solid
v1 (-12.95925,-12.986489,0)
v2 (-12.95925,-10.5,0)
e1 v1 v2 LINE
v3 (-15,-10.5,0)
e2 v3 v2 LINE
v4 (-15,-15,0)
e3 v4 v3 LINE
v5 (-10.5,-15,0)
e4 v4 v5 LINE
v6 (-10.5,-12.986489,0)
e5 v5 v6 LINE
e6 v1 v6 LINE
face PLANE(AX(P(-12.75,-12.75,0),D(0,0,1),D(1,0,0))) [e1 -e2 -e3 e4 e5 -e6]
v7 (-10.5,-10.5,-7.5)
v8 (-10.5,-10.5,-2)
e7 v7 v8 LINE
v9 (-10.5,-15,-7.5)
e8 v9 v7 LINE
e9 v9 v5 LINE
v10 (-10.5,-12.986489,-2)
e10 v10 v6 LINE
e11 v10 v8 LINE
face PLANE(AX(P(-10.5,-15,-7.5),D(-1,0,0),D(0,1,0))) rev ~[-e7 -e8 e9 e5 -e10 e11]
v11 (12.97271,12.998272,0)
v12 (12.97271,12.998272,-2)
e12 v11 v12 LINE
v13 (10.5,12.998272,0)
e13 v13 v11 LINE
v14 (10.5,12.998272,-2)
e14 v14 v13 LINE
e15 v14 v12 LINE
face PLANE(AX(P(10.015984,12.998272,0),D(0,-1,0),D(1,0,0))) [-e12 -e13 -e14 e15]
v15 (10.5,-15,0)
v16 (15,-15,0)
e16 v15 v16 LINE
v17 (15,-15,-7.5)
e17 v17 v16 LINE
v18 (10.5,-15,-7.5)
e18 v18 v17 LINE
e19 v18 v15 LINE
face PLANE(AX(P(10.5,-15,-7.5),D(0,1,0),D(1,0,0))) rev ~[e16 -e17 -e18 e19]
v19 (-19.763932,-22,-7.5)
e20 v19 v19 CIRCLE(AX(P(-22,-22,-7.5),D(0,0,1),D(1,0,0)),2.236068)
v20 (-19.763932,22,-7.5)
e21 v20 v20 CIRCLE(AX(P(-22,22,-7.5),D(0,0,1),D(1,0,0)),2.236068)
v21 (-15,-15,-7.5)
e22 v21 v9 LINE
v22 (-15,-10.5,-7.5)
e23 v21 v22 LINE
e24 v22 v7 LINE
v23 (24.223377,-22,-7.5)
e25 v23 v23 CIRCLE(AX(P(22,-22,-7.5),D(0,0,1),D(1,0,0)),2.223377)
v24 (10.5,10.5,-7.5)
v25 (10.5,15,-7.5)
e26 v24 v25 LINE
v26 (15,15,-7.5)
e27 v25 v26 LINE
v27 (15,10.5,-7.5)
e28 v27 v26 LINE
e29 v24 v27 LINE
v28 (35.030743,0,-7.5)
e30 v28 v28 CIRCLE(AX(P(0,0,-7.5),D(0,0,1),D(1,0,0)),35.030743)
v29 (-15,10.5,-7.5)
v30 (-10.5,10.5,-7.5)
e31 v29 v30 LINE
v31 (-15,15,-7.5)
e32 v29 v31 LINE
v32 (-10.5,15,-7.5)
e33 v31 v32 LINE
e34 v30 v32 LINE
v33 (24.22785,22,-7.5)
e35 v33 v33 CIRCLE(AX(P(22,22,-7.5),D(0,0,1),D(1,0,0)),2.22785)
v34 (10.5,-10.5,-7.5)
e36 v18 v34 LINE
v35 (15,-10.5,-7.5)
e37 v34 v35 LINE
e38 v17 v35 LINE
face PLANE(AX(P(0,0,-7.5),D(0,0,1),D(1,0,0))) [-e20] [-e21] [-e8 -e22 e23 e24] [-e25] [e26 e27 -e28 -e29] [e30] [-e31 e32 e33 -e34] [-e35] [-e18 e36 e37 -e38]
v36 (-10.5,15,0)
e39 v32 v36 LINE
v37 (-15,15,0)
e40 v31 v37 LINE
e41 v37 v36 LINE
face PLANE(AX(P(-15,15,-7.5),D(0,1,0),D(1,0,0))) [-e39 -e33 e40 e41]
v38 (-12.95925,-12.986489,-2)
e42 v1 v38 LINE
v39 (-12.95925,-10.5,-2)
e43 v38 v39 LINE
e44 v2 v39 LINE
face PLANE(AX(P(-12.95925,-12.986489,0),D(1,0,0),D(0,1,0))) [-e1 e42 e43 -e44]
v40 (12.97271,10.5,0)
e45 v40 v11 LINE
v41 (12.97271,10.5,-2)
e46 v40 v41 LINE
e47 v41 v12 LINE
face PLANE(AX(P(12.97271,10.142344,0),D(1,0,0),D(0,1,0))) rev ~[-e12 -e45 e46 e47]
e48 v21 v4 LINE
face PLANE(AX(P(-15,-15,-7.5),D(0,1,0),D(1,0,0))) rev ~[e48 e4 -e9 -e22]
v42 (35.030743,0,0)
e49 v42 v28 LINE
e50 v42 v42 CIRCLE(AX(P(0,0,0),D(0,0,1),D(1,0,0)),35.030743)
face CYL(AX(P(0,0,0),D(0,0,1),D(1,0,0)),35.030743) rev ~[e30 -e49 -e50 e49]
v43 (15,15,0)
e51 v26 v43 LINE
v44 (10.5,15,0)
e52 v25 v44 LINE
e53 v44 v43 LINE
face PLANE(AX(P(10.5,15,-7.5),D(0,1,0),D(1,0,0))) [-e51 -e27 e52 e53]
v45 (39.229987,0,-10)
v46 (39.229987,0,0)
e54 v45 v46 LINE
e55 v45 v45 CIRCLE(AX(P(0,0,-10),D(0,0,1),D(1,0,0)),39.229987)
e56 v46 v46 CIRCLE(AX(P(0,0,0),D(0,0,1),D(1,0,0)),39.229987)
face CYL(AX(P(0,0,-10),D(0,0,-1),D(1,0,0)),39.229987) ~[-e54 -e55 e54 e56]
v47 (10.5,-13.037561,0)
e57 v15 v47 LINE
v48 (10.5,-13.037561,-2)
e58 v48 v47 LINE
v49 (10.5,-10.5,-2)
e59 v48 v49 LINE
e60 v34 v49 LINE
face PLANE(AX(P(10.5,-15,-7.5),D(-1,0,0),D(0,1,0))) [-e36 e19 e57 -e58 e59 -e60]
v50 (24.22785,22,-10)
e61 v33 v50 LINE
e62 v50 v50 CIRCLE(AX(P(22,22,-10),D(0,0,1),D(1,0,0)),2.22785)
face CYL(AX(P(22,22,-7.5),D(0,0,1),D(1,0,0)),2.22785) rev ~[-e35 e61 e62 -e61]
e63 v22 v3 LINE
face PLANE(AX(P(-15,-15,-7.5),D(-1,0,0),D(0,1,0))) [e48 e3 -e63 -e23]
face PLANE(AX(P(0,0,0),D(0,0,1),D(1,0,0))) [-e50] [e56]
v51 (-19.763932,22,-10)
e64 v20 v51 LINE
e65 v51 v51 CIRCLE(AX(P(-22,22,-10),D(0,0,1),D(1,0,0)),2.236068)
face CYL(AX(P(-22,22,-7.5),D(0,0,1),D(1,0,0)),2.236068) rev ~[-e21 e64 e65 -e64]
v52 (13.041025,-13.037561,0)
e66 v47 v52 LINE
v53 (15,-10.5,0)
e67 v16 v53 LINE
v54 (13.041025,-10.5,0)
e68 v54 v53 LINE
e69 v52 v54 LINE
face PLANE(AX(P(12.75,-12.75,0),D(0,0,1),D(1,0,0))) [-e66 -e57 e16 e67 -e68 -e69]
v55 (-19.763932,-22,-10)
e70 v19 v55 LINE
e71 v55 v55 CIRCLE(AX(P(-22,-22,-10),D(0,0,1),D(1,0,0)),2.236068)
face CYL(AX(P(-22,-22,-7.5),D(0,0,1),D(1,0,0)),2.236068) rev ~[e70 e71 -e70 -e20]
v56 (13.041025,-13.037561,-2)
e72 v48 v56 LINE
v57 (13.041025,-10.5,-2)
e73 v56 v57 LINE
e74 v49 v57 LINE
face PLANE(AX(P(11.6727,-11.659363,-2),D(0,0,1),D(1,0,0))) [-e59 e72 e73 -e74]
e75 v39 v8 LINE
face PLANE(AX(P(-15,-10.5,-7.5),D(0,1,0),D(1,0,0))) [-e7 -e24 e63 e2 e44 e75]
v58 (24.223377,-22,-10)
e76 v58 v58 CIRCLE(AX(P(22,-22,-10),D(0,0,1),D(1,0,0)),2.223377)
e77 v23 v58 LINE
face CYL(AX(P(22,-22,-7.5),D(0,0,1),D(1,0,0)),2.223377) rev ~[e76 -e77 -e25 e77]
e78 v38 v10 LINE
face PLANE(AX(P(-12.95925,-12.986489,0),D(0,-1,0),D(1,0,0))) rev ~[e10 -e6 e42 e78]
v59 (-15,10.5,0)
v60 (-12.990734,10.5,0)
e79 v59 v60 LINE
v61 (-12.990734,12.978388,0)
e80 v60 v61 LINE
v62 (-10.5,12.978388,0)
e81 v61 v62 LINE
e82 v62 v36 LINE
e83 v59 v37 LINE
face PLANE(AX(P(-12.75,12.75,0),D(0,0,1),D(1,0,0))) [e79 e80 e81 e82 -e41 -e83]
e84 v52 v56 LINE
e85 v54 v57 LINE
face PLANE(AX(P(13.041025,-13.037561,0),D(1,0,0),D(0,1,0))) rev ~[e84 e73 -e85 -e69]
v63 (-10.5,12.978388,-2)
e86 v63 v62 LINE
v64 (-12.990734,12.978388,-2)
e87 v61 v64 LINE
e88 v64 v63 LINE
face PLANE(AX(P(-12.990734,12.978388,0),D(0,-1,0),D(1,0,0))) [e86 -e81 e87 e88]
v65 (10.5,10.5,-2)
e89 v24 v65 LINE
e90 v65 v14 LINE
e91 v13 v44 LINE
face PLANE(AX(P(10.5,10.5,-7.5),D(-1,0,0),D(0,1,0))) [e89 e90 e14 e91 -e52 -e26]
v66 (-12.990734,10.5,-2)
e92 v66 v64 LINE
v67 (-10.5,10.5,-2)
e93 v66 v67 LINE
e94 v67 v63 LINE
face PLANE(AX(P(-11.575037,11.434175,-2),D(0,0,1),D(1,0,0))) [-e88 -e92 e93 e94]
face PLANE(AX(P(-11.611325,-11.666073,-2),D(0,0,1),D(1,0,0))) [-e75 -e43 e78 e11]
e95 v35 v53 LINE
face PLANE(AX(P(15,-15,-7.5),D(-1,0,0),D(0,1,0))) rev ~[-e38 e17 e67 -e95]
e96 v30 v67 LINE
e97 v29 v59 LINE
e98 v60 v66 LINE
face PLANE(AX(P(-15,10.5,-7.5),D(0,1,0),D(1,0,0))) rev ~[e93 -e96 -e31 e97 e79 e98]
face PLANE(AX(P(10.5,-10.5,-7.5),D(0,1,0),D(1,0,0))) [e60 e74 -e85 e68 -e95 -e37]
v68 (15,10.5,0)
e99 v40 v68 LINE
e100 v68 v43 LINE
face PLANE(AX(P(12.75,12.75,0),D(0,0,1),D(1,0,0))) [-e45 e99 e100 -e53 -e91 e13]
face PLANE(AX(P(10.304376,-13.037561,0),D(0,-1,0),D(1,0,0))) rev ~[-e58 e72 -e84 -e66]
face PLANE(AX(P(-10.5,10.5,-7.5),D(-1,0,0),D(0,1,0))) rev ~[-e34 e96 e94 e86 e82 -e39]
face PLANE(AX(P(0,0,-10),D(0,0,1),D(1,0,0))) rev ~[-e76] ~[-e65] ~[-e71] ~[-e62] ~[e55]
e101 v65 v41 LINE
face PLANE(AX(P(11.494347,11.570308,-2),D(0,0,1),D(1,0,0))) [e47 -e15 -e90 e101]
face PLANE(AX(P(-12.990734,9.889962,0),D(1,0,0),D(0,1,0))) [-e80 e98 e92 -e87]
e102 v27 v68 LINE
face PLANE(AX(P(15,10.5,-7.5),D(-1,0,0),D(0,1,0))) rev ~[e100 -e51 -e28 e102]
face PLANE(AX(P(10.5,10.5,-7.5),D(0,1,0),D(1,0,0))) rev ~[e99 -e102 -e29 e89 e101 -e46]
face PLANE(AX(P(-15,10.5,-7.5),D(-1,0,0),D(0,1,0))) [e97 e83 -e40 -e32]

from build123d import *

# Parameters (mm, degrees)
SKETCH006_R     = 39.229987
PAD001_DEPTH    = 10
SKETCH007_R     = 35.030743
POCKET003_DEPTH = 7.5
SKETCH008_R     = 2.223377
SKETCH008_R_2   = 2.22785
SKETCH008_R_3   = 2.236068
POCKET004_DEPTH = 5
SKETCH011_W     = 4.5
SKETCH011_H     = 4.5
PAD002_DEPTH    = 7.5
SKETCH012_W     = 2.831394
SKETCH012_H     = 3.088426
POCKET005_DEPTH = 2
SKETCH013_W     = 2.956726
SKETCH013_H     = 2.855928
POCKET006_DEPTH = 2
SKETCH014_W     = 2.736649
SKETCH014_H     = 2.756396
POCKET007_DEPTH = 2
SKETCH015_W     = 2.695849
SKETCH015_H     = 2.640832
POCKET008_DEPTH = 2


with BuildPart() as part:
    # Sketch006 → Pad001 (new body)
    with BuildSketch(Plane.XY.offset(-10)):
        Circle(SKETCH006_R)
    extrude(amount=PAD001_DEPTH)

    # Sketch007 → Pocket003 (cut)
    with BuildSketch(Plane.XY):
        Circle(SKETCH007_R)
    extrude(amount=-POCKET003_DEPTH, mode=Mode.SUBTRACT)

    # Sketch008 → Pocket004 (cut)
    with BuildSketch(Plane.XY.offset(-7.5)):
        with Locations((22, -22)):
            Circle(SKETCH008_R)
        with Locations((22, 22)):
            Circle(SKETCH008_R_2)
        with Locations((-22, 22)):
            Circle(SKETCH008_R_3)
        with Locations((-22, -22)):
            Circle(SKETCH008_R_3)
    extrude(amount=-POCKET004_DEPTH, mode=Mode.SUBTRACT)

    # Sketch011 → Pad002 (new body)
    with BuildSketch(Plane.XY.offset(-7.5)):
        with Locations((12.75, 12.75)):
            Rectangle(SKETCH011_W, SKETCH011_H)
        with Locations((12.75, -12.75)):
            Rectangle(SKETCH011_W, SKETCH011_H)
        with Locations((-12.75, -12.75)):
            Rectangle(SKETCH011_W, SKETCH011_H)
        with Locations((-12.75, 12.75)):
            Rectangle(SKETCH011_W, SKETCH011_H)
    extrude(amount=PAD002_DEPTH)

    # Sketch012 → Pocket005 (cut)
    with BuildSketch(Plane.XY):
        with Locations((-11.575037, 11.434175)):
            Rectangle(SKETCH012_W, SKETCH012_H)
    extrude(amount=-POCKET005_DEPTH, mode=Mode.SUBTRACT)

    # Sketch013 → Pocket006 (cut)
    with BuildSketch(Plane.XY):
        with Locations((11.494347, 11.570308)):
            Rectangle(SKETCH013_W, SKETCH013_H)
    extrude(amount=-POCKET006_DEPTH, mode=Mode.SUBTRACT)

    # Sketch014 → Pocket007 (cut)
    with BuildSketch(Plane.XY):
        with Locations((11.6727, -11.659363)):
            Rectangle(SKETCH014_W, SKETCH014_H)
    extrude(amount=-POCKET007_DEPTH, mode=Mode.SUBTRACT)

    # Sketch015 → Pocket008 (cut)
    with BuildSketch(Plane.XY):
        with Locations((-11.611325, -11.666073)):
            Rectangle(SKETCH015_W, SKETCH015_H)
    extrude(amount=-POCKET008_DEPTH, mode=Mode.SUBTRACT)


solid = part.part
